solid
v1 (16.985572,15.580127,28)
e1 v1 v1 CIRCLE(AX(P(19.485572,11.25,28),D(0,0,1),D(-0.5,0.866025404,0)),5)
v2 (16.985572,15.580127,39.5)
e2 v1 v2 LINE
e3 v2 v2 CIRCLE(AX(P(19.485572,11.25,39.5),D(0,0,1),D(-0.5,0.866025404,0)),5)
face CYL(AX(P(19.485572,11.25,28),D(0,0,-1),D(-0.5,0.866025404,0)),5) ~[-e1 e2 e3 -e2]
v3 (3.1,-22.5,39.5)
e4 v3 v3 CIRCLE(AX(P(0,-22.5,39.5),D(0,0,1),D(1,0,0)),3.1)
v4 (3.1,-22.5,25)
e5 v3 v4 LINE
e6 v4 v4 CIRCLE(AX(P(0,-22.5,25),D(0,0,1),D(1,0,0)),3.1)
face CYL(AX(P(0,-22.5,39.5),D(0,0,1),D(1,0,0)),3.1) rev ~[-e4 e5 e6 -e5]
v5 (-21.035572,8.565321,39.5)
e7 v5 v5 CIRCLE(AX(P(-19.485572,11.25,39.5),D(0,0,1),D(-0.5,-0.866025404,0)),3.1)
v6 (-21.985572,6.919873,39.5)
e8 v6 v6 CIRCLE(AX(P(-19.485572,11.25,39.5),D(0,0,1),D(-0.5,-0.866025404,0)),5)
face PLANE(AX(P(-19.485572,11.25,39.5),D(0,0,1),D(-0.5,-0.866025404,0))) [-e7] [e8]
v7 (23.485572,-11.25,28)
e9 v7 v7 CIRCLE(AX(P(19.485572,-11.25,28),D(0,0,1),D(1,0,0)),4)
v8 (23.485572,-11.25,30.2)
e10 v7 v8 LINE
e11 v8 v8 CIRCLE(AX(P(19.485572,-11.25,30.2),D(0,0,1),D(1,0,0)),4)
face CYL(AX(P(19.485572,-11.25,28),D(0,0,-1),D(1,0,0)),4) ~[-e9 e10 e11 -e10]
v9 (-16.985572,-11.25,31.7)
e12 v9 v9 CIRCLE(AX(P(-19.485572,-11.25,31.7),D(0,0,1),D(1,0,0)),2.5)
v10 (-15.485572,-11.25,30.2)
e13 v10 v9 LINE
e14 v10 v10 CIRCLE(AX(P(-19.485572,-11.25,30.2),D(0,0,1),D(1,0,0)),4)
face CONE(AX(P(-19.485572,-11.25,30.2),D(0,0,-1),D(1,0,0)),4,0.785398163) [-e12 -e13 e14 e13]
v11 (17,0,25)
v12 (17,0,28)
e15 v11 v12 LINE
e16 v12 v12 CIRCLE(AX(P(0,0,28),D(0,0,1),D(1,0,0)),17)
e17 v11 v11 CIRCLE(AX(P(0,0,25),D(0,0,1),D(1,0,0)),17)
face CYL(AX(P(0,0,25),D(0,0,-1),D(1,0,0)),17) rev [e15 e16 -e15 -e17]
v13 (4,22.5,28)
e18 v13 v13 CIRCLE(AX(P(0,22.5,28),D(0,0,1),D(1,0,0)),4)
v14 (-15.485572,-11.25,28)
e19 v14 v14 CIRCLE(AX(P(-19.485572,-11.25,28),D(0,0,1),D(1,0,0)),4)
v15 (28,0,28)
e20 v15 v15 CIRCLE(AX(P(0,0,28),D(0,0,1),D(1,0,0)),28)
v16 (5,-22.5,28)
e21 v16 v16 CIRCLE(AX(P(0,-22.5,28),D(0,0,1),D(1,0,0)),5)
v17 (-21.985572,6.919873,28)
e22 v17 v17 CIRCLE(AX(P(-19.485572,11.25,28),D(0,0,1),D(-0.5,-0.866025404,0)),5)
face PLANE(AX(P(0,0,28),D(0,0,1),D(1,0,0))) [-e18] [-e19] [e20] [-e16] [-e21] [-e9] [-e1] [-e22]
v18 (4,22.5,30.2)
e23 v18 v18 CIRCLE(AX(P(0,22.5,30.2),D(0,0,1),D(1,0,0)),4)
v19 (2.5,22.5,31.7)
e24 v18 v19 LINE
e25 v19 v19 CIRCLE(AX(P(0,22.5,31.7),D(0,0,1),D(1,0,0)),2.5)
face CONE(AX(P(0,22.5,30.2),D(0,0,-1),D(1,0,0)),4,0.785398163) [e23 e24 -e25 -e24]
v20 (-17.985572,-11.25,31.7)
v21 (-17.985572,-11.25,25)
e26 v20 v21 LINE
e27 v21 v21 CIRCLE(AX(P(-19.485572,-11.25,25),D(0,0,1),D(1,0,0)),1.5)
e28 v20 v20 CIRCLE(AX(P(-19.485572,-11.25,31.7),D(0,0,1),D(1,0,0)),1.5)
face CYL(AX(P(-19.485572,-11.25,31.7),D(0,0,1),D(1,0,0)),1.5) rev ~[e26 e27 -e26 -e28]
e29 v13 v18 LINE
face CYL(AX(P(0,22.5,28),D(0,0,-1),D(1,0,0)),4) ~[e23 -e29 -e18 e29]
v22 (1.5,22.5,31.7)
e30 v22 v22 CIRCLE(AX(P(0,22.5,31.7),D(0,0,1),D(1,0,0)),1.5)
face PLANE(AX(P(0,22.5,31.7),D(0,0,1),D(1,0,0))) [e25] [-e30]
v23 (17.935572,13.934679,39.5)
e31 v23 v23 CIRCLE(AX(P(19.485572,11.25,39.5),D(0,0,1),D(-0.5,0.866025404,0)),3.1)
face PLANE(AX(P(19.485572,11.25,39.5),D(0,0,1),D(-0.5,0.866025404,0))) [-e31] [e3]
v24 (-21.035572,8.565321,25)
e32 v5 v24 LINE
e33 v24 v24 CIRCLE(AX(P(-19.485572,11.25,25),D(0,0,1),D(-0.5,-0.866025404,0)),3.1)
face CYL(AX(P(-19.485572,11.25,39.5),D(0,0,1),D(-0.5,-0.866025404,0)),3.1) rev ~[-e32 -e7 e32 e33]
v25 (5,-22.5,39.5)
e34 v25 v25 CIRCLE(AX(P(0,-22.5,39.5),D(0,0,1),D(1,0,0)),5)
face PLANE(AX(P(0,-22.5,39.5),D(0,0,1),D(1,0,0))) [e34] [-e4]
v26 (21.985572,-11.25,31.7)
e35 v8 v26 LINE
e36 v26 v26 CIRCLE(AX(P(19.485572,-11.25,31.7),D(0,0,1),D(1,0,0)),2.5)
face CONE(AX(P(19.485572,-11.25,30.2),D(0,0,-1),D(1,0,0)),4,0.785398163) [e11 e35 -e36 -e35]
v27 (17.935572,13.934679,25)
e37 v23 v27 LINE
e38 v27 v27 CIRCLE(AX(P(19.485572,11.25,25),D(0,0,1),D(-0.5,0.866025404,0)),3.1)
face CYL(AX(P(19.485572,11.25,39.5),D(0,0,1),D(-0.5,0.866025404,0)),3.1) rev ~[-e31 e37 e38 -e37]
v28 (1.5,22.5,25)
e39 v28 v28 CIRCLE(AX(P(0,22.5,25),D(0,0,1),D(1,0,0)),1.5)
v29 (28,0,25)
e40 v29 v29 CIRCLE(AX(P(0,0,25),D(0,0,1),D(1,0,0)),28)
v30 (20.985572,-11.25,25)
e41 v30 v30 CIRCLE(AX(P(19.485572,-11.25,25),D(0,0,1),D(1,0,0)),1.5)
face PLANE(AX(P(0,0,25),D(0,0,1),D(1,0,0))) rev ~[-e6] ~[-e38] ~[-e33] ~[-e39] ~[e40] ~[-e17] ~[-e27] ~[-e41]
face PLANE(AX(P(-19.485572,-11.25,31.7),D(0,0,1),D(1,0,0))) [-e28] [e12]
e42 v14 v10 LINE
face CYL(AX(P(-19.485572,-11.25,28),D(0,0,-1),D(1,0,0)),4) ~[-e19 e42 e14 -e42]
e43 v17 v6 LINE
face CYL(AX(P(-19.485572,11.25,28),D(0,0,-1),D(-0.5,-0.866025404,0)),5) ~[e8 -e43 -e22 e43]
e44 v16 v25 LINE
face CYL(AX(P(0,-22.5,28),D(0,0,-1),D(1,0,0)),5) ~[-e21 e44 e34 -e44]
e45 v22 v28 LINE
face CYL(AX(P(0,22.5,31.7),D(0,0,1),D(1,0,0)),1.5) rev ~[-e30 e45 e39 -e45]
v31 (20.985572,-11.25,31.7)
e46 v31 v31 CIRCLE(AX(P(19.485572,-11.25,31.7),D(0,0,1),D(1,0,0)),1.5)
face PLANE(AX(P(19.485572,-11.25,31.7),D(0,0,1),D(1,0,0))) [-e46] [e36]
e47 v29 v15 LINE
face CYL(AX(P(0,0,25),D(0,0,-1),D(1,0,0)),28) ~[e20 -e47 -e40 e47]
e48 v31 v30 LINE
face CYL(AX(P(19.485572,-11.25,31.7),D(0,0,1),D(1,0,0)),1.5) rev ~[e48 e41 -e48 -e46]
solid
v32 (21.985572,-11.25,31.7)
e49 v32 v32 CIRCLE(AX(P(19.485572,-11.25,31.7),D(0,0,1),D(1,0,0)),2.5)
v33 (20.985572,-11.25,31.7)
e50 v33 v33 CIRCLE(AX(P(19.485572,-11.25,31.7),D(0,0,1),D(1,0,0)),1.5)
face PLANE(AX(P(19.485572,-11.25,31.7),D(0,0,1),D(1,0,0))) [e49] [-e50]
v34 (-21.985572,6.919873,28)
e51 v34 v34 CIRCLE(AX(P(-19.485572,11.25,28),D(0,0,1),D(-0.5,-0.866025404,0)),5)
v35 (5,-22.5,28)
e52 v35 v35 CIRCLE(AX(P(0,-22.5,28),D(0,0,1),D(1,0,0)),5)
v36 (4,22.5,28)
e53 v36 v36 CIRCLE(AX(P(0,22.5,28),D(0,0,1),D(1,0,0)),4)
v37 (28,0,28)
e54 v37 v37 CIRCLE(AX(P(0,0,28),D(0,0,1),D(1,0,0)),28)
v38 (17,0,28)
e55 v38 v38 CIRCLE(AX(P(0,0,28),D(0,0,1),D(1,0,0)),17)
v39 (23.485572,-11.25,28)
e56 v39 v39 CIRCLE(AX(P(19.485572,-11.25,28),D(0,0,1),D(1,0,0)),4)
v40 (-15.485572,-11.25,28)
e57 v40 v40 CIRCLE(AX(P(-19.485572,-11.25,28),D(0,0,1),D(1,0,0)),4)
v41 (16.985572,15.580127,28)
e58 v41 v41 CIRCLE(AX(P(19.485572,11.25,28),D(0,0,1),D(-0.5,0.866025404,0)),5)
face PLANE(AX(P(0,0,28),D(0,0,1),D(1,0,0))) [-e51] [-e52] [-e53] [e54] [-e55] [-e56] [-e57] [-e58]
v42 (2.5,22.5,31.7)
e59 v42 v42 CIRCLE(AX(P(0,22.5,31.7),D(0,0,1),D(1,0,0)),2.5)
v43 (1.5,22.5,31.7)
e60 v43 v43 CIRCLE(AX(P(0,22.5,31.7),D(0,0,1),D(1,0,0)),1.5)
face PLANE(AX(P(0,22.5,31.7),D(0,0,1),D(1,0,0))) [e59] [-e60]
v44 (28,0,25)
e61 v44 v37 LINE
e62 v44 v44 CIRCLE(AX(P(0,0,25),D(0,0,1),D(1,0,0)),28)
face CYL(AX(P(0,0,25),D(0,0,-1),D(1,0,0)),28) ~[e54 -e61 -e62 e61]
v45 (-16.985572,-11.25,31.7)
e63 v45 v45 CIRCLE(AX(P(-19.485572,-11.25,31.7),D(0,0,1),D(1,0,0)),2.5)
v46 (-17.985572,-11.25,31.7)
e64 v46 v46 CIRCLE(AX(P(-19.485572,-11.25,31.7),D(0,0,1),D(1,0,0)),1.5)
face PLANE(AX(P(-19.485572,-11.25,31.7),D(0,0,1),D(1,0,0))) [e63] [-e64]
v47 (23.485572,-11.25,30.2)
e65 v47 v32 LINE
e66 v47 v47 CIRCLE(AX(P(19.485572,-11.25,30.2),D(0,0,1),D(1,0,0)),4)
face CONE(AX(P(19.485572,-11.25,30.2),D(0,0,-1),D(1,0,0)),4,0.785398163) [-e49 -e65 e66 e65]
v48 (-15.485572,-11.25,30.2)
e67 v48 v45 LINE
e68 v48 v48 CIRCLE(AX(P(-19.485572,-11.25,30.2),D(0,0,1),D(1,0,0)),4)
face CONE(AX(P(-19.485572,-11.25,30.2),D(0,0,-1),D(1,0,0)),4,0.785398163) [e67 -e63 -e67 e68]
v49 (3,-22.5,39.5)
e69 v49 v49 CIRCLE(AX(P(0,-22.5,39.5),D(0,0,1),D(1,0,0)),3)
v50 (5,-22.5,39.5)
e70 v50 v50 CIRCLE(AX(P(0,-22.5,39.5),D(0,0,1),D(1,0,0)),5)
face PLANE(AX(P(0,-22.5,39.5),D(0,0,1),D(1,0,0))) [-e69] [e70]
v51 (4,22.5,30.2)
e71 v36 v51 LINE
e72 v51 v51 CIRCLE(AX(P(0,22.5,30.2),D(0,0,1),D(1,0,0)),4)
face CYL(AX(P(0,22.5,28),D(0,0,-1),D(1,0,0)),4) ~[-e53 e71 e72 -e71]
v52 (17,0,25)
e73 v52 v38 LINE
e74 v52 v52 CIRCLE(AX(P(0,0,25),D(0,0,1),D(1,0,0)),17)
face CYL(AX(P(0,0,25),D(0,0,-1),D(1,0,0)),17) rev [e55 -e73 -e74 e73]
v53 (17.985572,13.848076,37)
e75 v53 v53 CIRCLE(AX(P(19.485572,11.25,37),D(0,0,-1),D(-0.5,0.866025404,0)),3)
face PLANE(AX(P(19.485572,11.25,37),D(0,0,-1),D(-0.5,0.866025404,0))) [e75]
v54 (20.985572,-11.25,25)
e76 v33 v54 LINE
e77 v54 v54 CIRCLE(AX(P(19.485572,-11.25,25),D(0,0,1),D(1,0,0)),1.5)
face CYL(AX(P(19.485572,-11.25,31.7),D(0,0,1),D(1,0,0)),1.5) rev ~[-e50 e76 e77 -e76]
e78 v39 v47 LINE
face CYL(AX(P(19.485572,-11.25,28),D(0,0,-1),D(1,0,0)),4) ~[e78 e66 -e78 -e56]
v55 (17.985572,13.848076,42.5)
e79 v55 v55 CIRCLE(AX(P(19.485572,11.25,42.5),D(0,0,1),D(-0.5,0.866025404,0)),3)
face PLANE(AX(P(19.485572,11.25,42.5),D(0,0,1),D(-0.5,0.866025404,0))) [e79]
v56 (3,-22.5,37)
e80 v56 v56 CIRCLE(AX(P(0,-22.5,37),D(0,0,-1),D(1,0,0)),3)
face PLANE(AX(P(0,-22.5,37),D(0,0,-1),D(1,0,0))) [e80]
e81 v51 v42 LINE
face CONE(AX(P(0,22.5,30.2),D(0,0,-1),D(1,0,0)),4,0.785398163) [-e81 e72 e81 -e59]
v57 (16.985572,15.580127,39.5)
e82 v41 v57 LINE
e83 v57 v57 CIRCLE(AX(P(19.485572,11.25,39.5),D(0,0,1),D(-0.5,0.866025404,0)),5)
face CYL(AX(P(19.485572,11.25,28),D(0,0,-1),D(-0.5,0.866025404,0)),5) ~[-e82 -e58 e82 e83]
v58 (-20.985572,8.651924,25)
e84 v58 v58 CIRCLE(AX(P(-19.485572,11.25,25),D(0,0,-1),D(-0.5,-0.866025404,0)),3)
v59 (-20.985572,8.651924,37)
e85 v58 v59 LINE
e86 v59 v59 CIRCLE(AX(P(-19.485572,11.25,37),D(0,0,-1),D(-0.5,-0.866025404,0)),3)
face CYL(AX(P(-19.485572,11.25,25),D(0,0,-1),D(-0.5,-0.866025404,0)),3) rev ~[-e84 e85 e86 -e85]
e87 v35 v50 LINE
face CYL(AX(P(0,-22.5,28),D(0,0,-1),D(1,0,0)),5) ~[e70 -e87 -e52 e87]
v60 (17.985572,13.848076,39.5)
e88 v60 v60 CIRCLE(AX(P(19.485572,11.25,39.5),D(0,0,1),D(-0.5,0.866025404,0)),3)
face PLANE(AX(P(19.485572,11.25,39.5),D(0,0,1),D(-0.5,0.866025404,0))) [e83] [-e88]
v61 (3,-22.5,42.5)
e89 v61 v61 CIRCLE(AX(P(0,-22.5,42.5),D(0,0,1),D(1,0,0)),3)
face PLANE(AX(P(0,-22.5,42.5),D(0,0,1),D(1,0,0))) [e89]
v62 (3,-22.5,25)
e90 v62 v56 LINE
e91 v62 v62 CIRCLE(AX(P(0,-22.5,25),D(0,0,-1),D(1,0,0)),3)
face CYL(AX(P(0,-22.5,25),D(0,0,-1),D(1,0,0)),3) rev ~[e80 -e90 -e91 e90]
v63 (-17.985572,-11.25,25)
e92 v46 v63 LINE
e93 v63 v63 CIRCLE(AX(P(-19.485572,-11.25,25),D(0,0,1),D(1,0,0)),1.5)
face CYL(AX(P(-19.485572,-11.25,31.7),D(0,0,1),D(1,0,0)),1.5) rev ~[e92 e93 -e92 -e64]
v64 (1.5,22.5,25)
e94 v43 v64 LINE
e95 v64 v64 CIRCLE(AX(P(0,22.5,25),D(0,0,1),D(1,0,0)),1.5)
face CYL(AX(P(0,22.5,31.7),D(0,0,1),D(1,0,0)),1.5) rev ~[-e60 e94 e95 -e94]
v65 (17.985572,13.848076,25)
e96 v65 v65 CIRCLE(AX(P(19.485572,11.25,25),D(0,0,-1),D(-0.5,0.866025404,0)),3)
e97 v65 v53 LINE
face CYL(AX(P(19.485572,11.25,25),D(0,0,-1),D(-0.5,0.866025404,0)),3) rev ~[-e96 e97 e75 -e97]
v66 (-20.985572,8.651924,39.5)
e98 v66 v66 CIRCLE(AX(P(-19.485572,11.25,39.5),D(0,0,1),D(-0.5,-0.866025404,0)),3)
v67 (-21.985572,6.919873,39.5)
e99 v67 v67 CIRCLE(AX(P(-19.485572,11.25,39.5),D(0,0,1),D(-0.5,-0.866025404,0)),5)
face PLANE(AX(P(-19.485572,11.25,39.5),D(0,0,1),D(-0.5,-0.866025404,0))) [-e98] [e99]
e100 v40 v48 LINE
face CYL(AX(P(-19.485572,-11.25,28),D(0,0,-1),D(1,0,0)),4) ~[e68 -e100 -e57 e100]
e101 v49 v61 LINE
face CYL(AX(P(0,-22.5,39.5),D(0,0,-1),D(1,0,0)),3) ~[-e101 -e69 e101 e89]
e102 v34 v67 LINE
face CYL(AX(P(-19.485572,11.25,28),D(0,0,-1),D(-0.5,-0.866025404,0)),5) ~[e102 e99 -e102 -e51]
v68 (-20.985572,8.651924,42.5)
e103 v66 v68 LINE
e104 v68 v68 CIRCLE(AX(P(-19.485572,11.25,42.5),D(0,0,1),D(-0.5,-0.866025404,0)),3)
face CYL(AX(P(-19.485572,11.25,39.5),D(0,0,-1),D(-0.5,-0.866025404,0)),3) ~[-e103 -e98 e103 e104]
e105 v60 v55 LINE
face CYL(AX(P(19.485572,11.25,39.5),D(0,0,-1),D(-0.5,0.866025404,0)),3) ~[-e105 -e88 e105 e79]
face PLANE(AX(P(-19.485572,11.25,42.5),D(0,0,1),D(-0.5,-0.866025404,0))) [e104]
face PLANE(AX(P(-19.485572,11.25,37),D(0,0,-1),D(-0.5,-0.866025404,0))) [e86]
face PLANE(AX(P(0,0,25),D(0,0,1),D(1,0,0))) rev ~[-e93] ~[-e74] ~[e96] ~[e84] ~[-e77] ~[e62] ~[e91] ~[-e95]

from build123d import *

# Parameters (mm, degrees)
SKETCH_R              = 28
SKETCH_R_2            = 17
PAD_DEPTH             = 3
SKETCH001_R           = 4
PAD001_DEPTH          = 3.7
SKETCH003_R           = 1.5
POCKET001_DEPTH       = 6.701
SKETCH005_R           = 5
PAD002_DEPTH          = 11.5
POLARPATTERN_COUNT    = 3
CHAMFER_SIZE          = 1.5
CHAMFER001_SIZE       = 1.5
CHAMFER002_SIZE       = 1.5
SKETCH007_R           = 3.1
POCKET_DEPTH          = 175.525843
POLARPATTERN002_COUNT = 3
SKETCH006_R           = 3
PAD003_DEPTH          = 3
POLARPATTERN001_COUNT = 3
SKETCH008_R           = 3
POCKET002_DEPTH       = 12
POLARPATTERN003_COUNT = 3


with BuildPart() as chamfer002:
    # Sketch → Pad (new body)
    with BuildSketch(Plane.XY.offset(25)):
        Circle(SKETCH_R)
        Circle(SKETCH_R_2, mode=Mode.SUBTRACT)
    extrude(amount=PAD_DEPTH)

    # Sketch001 → Pad001 (new body)
    with BuildSketch(Plane.XY.offset(28)):
        with Locations((0, 22.5)):
            Circle(SKETCH001_R)
        with Locations((-19.485572, -11.25)):
            Circle(SKETCH001_R)
        with Locations((19.485572, -11.25)):
            Circle(SKETCH001_R)
    extrude(amount=PAD001_DEPTH)

    # Sketch003 → Pocket001 (cut, through all)
    with BuildSketch(Plane.XY.offset(31.7)):
        with Locations((0, 22.5)):
            Circle(SKETCH003_R)
        with Locations((-19.485572, -11.25)):
            Circle(SKETCH003_R)
        with Locations((19.485572, -11.25)):
            Circle(SKETCH003_R)
    extrude(amount=-POCKET001_DEPTH, mode=Mode.SUBTRACT)

    # Sketch005 → Pad002 (new body)
    with BuildSketch(Plane.XY.offset(28)):
        with Locations((0, -22.5)):
            Circle(SKETCH005_R)
    pad002 = extrude(amount=PAD002_DEPTH)

    # PolarPattern: Pad002 ×3 about axis
    polarpattern_axis = Axis((0, 0, 28), (0, 0, 1))
    for i in range(1, POLARPATTERN_COUNT):
        add(pad002.rotate(polarpattern_axis, i * 360 / POLARPATTERN_COUNT))

    # Chamfer
    chamfer_edges = [chamfer002.edges().sort_by_distance(p)[0] for p in [
        (-23.485572, -11.25, 31.7),
    ]]
    chamfer(chamfer_edges, length=CHAMFER_SIZE)

    # Chamfer001
    chamfer001_edges = [chamfer002.edges().sort_by_distance(p)[0] for p in [
        (15.485572, -11.25, 31.7),
    ]]
    chamfer(chamfer001_edges, length=CHAMFER001_SIZE)

    # Chamfer002
    chamfer002_edges = [chamfer002.edges().sort_by_distance(p)[0] for p in [
        (-4, 22.5, 31.7),
    ]]
    chamfer(chamfer002_edges, length=CHAMFER002_SIZE)


with BuildPart() as finala:
    # Pocket base: copy of Chamfer002
    add(chamfer002.part)

    # Sketch007 → Pocket (cut, through all)
    with BuildSketch(Plane.XY.offset(39.5)):
        with Locations((0, -22.5)):
            Circle(SKETCH007_R)
    pocket = extrude(amount=-POCKET_DEPTH, mode=Mode.SUBTRACT)

    # PolarPattern002: Pocket ×3 about axis
    polarpattern002_axis = Axis((0, 0, 39.5), (0, 0, 1))
    for i in range(1, POLARPATTERN002_COUNT):
        add(pocket.rotate(polarpattern002_axis, i * 360 / POLARPATTERN002_COUNT), mode=Mode.SUBTRACT)


with BuildPart() as finalb:
    # Pad003 base: copy of Chamfer002
    add(chamfer002.part)

    # Sketch006 → Pad003 (new body)
    with BuildSketch(Plane.XY.offset(39.5)):
        with Locations((0, -22.5)):
            Circle(SKETCH006_R)
    pad003 = extrude(amount=PAD003_DEPTH)

    # PolarPattern001: Pad003 ×3 about axis
    polarpattern001_axis = Axis((0, 0, 39.5), (0, 0, 1))
    for i in range(1, POLARPATTERN001_COUNT):
        add(pad003.rotate(polarpattern001_axis, i * 360 / POLARPATTERN001_COUNT))

    # Sketch008 → Pocket002 (cut)
    with BuildSketch(Plane(origin=(0, 0, 25), x_dir=(1, 0, 0), z_dir=(0, 0, -1))):
        with Locations((0, 22.5)):
            Circle(SKETCH008_R)
    pocket002 = extrude(amount=-POCKET002_DEPTH, mode=Mode.SUBTRACT)

    # PolarPattern003: Pocket002 ×3 about axis
    polarpattern003_axis = Axis((0, 0, 25), (0, 0, -1))
    for i in range(1, POLARPATTERN003_COUNT):
        add(pocket002.rotate(polarpattern003_axis, i * 360 / POLARPATTERN003_COUNT), mode=Mode.SUBTRACT)


solid = Compound([finala.part, finalb.part])
